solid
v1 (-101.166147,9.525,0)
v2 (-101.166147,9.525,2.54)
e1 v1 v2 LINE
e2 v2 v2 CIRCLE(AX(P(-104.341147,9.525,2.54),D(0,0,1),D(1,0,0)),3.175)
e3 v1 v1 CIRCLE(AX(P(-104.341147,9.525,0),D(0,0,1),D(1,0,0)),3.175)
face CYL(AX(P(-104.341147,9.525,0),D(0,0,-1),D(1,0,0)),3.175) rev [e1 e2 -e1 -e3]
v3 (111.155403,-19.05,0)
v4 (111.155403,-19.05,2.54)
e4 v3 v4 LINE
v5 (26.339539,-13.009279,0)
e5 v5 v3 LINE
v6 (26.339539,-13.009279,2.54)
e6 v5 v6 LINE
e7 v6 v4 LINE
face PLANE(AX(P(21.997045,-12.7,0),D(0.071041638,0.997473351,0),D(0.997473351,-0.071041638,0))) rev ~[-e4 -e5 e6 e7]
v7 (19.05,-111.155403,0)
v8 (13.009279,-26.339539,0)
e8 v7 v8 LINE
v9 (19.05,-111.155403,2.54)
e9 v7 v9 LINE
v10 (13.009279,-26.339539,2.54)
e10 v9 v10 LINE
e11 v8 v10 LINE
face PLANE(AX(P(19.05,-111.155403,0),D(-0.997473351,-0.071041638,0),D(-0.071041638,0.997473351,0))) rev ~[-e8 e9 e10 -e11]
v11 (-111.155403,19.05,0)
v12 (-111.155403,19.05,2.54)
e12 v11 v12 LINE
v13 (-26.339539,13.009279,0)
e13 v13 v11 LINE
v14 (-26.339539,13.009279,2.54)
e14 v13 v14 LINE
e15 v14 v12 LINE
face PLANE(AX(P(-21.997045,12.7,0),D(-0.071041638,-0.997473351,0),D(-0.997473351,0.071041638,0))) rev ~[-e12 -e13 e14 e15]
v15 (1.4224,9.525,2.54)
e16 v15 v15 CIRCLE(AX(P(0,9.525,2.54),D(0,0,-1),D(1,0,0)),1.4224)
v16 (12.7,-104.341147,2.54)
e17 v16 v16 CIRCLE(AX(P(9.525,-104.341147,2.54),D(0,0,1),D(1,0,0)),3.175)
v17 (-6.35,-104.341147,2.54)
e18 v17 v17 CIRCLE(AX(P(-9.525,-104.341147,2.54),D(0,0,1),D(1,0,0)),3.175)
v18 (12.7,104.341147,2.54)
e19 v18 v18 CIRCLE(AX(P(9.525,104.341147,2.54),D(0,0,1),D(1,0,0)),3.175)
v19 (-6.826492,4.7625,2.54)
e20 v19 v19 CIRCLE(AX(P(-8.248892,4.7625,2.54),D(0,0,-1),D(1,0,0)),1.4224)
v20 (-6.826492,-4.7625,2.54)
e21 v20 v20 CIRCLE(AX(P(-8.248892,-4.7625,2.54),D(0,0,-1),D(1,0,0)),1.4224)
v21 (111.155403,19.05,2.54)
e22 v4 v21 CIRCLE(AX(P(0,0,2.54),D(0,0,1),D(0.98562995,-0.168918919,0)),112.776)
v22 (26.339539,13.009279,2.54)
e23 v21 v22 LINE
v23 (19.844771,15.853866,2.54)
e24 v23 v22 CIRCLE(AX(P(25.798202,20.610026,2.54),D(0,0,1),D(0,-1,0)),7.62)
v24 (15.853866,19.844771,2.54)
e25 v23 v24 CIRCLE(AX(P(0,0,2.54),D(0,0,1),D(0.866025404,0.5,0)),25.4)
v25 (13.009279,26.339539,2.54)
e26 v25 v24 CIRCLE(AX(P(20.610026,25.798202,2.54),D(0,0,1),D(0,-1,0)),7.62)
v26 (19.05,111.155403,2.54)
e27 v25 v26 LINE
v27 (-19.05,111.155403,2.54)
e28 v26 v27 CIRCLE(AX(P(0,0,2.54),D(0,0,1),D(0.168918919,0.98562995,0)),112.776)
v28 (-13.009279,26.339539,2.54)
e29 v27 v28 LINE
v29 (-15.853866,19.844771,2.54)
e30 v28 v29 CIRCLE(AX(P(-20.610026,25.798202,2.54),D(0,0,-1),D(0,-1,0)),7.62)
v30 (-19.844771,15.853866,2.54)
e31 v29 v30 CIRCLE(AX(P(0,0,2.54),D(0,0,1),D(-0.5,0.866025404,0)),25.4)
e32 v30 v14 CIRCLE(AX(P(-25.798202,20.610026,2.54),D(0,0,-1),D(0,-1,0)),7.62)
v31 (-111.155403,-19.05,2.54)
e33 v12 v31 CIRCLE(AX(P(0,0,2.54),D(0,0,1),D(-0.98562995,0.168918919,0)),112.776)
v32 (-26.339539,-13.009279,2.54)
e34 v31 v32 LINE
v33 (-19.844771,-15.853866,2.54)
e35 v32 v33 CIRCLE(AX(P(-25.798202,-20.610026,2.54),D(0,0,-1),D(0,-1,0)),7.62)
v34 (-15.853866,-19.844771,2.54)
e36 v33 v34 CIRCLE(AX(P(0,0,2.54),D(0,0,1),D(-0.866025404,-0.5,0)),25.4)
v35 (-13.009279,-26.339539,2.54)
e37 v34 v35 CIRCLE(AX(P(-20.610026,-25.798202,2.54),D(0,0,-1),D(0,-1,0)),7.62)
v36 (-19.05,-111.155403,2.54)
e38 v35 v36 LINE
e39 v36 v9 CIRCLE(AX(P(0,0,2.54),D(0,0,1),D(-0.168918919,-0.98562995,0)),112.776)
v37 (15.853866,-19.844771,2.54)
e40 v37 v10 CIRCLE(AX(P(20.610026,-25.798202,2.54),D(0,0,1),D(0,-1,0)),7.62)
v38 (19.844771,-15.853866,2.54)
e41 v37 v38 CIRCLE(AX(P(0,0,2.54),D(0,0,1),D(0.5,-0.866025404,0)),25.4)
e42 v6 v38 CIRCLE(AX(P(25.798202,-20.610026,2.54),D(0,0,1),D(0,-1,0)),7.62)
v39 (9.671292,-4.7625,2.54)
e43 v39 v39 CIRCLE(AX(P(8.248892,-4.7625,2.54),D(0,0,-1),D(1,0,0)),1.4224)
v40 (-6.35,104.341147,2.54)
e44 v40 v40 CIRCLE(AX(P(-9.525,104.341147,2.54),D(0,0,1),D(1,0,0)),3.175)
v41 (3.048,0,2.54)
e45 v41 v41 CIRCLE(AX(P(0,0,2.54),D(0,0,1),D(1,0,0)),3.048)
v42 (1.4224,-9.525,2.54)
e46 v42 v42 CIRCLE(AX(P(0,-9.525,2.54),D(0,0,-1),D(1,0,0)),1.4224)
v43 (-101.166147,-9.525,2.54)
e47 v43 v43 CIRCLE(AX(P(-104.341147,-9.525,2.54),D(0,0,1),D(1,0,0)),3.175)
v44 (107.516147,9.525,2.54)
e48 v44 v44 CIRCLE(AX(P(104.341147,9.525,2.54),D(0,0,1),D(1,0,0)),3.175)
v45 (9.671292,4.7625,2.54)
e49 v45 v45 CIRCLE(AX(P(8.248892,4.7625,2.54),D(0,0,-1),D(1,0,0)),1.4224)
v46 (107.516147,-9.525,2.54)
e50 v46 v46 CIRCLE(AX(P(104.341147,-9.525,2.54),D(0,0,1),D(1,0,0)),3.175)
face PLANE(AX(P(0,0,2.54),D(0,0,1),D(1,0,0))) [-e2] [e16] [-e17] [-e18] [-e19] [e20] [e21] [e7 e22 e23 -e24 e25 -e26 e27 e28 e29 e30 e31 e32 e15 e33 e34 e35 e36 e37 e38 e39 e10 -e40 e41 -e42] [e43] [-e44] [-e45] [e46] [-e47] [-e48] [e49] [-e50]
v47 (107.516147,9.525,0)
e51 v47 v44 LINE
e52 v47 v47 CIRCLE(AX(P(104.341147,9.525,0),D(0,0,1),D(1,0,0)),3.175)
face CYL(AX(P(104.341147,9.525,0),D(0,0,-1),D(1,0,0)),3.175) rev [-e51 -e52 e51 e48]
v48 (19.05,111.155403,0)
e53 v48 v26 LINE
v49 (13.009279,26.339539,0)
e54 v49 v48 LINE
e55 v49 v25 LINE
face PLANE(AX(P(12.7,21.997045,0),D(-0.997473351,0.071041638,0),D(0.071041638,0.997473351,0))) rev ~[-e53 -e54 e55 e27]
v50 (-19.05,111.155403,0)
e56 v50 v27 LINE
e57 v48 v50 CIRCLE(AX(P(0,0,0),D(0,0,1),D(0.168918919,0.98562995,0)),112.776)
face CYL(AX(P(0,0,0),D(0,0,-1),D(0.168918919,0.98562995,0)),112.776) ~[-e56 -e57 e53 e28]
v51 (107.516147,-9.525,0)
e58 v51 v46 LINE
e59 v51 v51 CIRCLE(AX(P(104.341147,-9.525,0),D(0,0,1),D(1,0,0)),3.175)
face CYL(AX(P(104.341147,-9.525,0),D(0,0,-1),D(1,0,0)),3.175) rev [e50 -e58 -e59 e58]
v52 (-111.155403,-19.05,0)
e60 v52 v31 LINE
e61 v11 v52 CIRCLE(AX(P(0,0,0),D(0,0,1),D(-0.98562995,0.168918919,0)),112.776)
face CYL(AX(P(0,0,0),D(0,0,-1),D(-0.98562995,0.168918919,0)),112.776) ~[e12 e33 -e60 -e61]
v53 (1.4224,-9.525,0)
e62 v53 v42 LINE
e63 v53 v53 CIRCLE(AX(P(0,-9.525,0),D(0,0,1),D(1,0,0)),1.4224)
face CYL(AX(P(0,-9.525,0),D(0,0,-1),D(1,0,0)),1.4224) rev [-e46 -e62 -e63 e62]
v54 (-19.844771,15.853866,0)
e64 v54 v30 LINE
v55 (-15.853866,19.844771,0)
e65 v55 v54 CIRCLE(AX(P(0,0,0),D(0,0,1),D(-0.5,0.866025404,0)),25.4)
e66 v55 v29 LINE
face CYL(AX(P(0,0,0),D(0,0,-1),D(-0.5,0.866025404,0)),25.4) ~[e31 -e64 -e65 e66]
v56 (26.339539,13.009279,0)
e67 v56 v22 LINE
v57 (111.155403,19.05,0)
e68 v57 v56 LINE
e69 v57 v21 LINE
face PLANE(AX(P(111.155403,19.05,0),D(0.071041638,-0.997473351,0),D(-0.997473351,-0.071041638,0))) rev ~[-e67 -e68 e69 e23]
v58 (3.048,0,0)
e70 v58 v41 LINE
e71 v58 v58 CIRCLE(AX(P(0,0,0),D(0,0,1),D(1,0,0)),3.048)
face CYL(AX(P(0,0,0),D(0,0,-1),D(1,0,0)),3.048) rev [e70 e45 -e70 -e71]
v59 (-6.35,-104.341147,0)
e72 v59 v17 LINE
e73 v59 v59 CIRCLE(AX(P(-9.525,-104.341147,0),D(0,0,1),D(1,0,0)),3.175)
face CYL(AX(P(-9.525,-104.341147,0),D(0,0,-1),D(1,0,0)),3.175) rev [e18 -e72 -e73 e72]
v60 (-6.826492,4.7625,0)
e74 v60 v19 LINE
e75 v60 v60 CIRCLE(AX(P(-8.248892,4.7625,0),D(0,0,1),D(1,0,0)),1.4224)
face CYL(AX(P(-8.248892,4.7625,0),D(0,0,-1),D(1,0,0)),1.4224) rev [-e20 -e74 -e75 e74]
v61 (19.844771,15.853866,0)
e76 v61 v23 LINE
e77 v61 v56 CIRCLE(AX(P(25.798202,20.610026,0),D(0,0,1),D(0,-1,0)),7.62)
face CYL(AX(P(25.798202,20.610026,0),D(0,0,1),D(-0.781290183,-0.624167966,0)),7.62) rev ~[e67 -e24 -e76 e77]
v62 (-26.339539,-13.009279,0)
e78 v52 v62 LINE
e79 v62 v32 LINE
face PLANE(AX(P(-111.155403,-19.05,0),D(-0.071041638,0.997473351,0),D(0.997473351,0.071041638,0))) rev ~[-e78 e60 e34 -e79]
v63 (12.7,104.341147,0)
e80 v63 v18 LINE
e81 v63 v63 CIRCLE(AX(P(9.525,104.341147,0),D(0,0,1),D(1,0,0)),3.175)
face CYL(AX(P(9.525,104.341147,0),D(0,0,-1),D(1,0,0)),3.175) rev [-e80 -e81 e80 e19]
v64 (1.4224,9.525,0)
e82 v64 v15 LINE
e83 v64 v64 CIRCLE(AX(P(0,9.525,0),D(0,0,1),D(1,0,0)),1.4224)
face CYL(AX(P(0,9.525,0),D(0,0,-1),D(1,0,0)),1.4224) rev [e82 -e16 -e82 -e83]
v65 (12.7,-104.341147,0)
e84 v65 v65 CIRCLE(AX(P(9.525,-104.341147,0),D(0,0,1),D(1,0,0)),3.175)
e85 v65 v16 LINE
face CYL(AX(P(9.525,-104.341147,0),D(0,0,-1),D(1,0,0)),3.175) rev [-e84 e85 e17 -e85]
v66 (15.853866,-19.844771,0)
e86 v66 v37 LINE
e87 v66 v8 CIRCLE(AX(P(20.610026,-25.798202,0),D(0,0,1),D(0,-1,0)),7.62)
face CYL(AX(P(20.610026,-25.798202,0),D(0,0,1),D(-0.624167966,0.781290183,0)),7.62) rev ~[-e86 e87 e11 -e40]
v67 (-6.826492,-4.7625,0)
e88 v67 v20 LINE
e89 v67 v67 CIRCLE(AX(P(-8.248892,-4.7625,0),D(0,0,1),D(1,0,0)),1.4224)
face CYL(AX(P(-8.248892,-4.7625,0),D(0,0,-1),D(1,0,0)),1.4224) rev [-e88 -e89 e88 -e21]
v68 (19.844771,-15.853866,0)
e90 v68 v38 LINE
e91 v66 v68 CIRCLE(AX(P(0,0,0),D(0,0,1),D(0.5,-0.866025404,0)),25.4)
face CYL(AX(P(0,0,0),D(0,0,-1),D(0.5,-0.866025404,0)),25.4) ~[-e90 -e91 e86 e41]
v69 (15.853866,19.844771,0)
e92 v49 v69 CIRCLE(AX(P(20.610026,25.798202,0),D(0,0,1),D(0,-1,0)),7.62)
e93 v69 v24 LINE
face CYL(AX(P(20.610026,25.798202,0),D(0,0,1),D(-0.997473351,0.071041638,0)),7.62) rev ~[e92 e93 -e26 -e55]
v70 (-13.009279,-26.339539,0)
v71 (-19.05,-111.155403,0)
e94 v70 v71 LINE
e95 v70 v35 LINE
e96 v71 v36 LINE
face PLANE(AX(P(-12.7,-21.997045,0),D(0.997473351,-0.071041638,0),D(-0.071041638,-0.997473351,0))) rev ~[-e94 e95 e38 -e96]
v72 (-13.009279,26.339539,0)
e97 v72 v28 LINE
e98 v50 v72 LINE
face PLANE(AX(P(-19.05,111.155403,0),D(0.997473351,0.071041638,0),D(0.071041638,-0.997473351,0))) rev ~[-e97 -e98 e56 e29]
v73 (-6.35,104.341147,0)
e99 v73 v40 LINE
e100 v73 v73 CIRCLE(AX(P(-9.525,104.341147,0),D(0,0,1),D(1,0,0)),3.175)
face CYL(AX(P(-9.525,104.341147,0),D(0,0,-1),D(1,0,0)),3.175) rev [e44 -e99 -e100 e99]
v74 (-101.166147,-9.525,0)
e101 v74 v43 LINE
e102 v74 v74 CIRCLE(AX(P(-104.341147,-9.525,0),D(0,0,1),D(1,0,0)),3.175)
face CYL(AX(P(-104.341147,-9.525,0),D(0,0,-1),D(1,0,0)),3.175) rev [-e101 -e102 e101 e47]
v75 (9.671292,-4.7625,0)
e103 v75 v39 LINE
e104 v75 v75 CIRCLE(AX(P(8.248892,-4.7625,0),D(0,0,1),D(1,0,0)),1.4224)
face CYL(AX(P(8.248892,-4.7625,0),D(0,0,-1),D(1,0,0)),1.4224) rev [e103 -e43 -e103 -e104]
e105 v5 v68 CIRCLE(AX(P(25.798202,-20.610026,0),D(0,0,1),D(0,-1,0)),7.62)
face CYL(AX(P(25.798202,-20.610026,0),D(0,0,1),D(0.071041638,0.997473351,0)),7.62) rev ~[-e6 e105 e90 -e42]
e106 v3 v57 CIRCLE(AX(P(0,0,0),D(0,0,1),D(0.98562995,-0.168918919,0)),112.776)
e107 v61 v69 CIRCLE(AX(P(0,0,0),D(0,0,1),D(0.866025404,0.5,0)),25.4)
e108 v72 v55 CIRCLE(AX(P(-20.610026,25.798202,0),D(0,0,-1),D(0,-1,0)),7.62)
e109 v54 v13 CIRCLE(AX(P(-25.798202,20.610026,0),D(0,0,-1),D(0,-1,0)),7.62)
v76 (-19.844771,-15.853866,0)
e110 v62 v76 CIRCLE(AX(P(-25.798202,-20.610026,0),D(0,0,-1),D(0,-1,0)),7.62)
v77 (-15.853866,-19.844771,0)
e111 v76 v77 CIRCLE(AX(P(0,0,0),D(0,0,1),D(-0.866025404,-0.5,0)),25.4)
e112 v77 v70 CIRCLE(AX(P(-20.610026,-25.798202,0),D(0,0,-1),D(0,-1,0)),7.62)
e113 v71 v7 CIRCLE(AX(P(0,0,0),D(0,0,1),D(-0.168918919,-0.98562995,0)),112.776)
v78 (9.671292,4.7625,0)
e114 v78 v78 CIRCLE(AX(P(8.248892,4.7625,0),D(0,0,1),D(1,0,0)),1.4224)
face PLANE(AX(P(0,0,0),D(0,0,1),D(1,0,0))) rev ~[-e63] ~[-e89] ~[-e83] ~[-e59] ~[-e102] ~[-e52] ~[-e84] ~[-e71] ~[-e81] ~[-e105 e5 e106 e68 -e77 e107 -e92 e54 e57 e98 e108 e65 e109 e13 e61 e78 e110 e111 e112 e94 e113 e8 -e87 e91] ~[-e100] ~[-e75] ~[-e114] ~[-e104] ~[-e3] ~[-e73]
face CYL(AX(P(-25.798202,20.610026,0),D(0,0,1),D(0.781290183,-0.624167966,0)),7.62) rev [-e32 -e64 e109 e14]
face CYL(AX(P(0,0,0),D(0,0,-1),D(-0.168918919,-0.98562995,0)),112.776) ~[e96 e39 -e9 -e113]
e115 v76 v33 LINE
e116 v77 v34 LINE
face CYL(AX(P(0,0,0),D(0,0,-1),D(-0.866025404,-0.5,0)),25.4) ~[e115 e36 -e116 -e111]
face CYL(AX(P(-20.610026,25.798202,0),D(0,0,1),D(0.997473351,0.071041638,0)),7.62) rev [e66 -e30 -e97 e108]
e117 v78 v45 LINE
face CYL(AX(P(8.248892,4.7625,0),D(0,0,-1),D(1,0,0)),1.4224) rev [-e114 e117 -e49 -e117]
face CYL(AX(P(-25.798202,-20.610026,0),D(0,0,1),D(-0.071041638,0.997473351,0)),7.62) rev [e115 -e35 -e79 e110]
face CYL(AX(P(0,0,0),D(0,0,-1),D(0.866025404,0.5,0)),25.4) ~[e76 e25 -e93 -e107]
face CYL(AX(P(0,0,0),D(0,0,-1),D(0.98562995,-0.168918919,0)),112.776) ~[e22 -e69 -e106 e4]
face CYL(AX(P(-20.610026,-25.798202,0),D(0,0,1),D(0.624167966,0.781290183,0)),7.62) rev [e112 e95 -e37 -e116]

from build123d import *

# Parameters (mm, degrees)
SKETCH1_R           = 3.048
SKETCH1_R_2         = 3.175
BOSS_EXTRUDE1_DEPTH = 2.54
FILLET1_R           = 7.62
SKETCH2_R           = 1.4224
CUT_EXTRUDE1_DEPTH  = 160.50957323


with BuildPart() as part:
    # Sketch1 → Boss-Extrude1 (new body)
    with BuildSketch(Plane.XY):
        with BuildLine():
            Line((-19.05, 111.155403269), (-12.7, 21.997045256))
            ThreePointArc((-12.7, 21.997045256), (-17.960512242, 17.960512242), (-21.997045256, 12.7))
            Line((-21.997045256, 12.7), (-111.155403269, 19.05))
            ThreePointArc((-111.155403269, 19.05), (-112.776, 0), (-111.155403269, -19.05))
            Line((-111.155403269, -19.05), (-21.997045256, -12.7))
            ThreePointArc((-21.997045256, -12.7), (-17.960512242, -17.960512242), (-12.7, -21.997045256))
            Line((-12.7, -21.997045256), (-19.05, -111.155403269))
            ThreePointArc((-19.05, -111.155403269), (0, -112.776), (19.05, -111.155403269))
            Line((19.05, -111.155403269), (12.7, -21.997045256))
            ThreePointArc((12.7, -21.997045256), (17.960512242, -17.960512242), (21.997045256, -12.7))
            Line((21.997045256, -12.7), (111.155403269, -19.05))
            ThreePointArc((111.155403269, -19.05), (112.776, 0), (111.155403269, 19.05))
            Line((111.155403269, 19.05), (21.997045256, 12.7))
            ThreePointArc((21.997045256, 12.7), (17.960512242, 17.960512242), (12.7, 21.997045256))
            Line((12.7, 21.997045256), (19.05, 111.155403269))
            ThreePointArc((19.05, 111.155403269), (0, 112.776), (-19.05, 111.155403269))
        make_face()
        Circle(SKETCH1_R, mode=Mode.SUBTRACT)
        with Locations((9.525, 104.341147205)):
            Circle(SKETCH1_R_2, mode=Mode.SUBTRACT)
        with Locations((-9.525, 104.341147205)):
            Circle(SKETCH1_R_2, mode=Mode.SUBTRACT)
        with Locations((104.341147205, 9.525)):
            Circle(SKETCH1_R_2, mode=Mode.SUBTRACT)
        with Locations((104.341147205, -9.525)):
            Circle(SKETCH1_R_2, mode=Mode.SUBTRACT)
        with Locations((9.525, -104.341147205)):
            Circle(SKETCH1_R_2, mode=Mode.SUBTRACT)
        with Locations((-9.525, -104.341147205)):
            Circle(SKETCH1_R_2, mode=Mode.SUBTRACT)
        with Locations((-104.341147205, -9.525)):
            Circle(SKETCH1_R_2, mode=Mode.SUBTRACT)
        with Locations((-104.341147205, 9.525)):
            Circle(SKETCH1_R_2, mode=Mode.SUBTRACT)
    extrude(amount=BOSS_EXTRUDE1_DEPTH)

    # Fillet1
    fillet1_edges = [part.edges().sort_by_distance(p)[0] for p in [
        (12.7, 21.997045256, 1.27),
        (21.997045256, 12.7, 1.27),
        (21.997045256, -12.7, 1.27),
        (12.7, -21.997045256, 1.27),
        (-12.7, -21.997045256, 1.27),
        (-21.997045256, -12.7, 1.27),
        (-21.997045256, 12.7, 1.27),
        (-12.7, 21.997045256, 1.27),
    ]]
    fillet(fillet1_edges, radius=FILLET1_R)

    # Sketch2 → Cut-Extrude1 (cut, through all)
    with BuildSketch(Plane.XY):
        with Locations((0, 9.525)):
            Circle(SKETCH2_R)
        with Locations((8.248891971, 4.7625)):
            Circle(SKETCH2_R)
        with Locations((8.248891971, -4.7625)):
            Circle(SKETCH2_R)
        with Locations((0, -9.525)):
            Circle(SKETCH2_R)
        with Locations((-8.248891971, -4.7625)):
            Circle(SKETCH2_R)
        with Locations((-8.248891971, 4.7625)):
            Circle(SKETCH2_R)
    extrude(amount=CUT_EXTRUDE1_DEPTH, mode=Mode.SUBTRACT)


solid = part.part
